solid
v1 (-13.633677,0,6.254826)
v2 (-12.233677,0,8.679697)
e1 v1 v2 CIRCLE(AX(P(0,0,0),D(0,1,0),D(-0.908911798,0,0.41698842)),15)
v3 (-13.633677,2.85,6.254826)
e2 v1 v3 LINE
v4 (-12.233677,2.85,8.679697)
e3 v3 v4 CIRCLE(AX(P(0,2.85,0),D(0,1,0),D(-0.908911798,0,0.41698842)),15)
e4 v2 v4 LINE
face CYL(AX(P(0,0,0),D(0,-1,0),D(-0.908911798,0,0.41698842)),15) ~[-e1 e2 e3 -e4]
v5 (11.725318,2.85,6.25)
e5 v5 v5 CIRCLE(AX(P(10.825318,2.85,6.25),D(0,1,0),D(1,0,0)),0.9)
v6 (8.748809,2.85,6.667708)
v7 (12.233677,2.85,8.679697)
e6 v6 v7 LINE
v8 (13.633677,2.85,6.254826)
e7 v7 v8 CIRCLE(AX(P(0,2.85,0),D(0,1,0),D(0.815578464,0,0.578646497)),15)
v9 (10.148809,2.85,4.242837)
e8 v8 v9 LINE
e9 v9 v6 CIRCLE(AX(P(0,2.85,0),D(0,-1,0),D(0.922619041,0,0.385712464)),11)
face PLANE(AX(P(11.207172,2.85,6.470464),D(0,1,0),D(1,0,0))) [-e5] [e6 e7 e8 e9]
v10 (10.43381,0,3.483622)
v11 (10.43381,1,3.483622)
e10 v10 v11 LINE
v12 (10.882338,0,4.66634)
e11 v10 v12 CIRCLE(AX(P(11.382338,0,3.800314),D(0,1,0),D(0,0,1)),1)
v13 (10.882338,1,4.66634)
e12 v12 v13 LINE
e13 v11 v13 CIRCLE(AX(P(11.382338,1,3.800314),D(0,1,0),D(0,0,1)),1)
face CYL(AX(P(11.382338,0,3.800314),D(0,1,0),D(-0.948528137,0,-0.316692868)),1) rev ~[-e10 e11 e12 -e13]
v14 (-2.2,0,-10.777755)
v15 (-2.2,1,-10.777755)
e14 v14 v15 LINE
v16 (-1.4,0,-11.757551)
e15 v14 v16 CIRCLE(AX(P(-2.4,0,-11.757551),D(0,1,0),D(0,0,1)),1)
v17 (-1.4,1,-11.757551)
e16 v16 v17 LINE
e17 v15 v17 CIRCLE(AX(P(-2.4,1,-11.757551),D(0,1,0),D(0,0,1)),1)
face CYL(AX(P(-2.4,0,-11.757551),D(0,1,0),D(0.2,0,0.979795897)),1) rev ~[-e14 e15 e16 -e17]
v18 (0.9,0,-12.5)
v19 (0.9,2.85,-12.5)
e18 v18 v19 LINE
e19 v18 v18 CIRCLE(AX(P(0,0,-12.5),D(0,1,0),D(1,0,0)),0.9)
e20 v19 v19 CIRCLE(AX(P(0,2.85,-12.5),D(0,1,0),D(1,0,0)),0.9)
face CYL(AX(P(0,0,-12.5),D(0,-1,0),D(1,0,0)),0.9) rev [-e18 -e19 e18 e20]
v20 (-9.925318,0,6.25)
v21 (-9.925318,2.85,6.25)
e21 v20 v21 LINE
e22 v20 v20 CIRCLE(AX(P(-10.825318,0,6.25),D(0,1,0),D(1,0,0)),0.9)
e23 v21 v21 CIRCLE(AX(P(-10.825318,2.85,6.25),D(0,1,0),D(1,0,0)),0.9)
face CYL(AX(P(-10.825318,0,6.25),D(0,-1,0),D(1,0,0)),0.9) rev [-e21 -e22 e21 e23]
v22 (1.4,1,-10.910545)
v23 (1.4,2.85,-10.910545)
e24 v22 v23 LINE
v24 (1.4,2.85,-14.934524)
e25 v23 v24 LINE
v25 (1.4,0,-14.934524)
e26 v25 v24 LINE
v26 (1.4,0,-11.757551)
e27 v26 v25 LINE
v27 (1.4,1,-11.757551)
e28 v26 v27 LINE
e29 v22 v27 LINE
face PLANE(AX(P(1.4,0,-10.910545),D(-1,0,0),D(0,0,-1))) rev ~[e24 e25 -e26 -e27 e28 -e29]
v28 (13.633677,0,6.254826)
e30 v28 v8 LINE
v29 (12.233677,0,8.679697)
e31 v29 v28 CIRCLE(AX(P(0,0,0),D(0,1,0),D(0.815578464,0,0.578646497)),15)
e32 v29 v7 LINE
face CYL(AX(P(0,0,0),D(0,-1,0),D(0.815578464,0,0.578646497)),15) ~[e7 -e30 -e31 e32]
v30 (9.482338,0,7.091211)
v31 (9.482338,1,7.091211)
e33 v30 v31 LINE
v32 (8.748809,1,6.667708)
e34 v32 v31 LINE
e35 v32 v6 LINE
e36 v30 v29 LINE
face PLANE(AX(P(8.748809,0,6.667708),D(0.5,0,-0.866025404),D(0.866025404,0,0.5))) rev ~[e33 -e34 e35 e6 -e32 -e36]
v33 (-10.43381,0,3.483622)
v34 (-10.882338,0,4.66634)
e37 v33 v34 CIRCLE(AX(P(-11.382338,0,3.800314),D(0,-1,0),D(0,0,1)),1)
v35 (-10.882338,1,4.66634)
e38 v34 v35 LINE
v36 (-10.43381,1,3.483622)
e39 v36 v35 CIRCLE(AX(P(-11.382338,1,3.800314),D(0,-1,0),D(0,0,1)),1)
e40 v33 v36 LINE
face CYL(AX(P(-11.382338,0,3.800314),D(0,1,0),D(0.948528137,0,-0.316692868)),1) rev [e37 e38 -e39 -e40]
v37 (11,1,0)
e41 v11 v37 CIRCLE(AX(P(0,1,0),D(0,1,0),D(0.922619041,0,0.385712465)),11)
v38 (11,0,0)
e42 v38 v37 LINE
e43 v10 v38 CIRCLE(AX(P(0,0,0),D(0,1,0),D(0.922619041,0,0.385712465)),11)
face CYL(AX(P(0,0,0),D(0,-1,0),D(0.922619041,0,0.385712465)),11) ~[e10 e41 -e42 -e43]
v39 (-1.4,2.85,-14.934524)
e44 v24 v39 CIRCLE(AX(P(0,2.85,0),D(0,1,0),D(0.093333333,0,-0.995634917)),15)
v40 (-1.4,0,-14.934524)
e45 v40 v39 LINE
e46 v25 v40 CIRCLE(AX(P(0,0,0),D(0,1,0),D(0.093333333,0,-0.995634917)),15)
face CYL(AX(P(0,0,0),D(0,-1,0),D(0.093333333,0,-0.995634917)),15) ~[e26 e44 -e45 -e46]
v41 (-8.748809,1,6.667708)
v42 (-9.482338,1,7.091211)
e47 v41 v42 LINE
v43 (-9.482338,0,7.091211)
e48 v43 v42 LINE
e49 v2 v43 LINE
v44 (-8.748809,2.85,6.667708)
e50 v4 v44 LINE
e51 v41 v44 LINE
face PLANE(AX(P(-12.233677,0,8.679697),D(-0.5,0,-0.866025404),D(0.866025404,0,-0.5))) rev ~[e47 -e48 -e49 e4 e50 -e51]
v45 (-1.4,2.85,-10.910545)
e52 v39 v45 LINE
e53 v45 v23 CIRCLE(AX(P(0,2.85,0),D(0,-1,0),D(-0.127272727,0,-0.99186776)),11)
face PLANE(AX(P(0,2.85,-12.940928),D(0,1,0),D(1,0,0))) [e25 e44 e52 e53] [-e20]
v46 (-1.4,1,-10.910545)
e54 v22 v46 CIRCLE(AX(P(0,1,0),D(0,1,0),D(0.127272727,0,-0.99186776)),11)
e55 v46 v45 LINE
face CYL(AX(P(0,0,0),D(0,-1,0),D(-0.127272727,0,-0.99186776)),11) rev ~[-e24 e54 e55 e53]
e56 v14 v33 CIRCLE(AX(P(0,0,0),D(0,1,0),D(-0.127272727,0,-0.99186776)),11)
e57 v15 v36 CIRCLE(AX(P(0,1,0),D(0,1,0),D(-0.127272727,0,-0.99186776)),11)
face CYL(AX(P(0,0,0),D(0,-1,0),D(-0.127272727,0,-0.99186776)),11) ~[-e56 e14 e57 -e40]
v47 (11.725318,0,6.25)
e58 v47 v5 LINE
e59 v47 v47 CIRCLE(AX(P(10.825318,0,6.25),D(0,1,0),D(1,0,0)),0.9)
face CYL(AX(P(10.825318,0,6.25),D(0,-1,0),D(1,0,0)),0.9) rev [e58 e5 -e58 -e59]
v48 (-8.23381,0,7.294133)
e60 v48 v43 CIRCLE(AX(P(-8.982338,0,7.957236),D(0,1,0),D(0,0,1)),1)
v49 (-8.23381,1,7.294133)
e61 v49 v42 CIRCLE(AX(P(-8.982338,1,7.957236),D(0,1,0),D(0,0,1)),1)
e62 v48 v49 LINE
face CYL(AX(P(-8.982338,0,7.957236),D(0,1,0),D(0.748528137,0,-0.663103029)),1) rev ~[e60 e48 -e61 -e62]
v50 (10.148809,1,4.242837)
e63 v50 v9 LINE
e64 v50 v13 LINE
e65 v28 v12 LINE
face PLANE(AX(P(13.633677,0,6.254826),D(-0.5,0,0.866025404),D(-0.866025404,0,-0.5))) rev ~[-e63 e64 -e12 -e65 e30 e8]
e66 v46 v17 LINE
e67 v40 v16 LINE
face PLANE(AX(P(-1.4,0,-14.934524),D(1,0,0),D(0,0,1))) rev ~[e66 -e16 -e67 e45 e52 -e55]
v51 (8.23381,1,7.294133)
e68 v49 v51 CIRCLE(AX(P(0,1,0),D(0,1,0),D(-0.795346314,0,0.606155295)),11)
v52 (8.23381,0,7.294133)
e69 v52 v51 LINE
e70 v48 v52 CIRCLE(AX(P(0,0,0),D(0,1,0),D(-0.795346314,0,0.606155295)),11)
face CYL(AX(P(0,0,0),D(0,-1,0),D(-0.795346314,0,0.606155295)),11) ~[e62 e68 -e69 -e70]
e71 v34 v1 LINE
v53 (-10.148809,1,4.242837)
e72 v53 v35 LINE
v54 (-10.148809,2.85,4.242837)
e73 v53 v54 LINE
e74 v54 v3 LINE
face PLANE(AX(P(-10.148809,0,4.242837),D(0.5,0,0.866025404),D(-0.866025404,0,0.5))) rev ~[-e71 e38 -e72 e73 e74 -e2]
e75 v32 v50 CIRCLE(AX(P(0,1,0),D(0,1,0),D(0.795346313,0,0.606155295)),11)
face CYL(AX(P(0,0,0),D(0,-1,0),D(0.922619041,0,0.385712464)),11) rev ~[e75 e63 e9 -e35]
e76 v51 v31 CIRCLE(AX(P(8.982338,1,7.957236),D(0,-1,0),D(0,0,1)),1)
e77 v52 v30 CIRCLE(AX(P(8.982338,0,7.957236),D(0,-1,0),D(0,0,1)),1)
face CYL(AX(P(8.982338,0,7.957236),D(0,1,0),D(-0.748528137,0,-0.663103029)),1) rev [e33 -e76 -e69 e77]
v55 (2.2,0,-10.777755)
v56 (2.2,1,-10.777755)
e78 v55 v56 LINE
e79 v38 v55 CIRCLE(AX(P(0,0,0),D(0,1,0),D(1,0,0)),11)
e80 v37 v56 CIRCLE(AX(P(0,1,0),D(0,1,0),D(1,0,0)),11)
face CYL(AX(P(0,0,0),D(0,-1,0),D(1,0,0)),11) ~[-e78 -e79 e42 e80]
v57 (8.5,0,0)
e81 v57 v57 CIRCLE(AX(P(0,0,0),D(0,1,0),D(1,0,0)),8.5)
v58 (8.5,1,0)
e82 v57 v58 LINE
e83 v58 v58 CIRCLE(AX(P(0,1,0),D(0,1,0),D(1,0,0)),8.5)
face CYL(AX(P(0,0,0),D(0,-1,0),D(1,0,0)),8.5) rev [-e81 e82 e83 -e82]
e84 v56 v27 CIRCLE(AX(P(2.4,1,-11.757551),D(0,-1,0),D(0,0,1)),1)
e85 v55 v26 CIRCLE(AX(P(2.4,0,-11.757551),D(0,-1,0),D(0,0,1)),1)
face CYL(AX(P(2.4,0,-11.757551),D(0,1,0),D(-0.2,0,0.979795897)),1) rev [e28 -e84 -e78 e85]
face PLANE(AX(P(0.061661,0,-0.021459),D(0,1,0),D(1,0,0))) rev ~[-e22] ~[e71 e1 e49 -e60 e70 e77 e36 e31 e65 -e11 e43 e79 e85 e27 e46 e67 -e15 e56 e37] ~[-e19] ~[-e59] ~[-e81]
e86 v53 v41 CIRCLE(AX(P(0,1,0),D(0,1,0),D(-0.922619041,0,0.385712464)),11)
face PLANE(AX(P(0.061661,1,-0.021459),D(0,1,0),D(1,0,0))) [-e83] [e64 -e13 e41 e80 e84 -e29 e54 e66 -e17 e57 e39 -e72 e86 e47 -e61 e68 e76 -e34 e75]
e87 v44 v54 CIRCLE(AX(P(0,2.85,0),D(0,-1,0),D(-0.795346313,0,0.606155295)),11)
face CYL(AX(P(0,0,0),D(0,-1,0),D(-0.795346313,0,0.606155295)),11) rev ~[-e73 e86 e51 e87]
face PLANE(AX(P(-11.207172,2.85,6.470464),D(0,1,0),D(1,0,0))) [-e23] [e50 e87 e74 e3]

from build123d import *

# Parameters (mm, degrees)
SKETCH1_R             = 0.9
BOSS_EXTRUDE1_DEPTH   = 2.85
BOSS_EXTRUDE1_2_DEPTH = 2.85
BOSS_EXTRUDE1_3_DEPTH = 2.85
SKETCH1_3_R           = 8.5
BOSS_EXTRUDE2_DEPTH   = 1
FILLET1_R             = 1


with BuildPart() as part:
    # Sketch1 → Boss-Extrude1 (new body)
    with BuildSketch(Plane(origin=(0, 0, 0), x_dir=(1, 0, 0), z_dir=(0, 1, 0))):
        with BuildLine():
            ThreePointArc((-1.4, 10.910545358), (0, 11), (1.4, 10.910545358))
            Line((1.4, 10.910545358), (1.4, 14.934523762))
            ThreePointArc((1.4, 14.934523762), (0, 15), (-1.4, 14.934523762))
            Line((-1.4, 14.934523762), (-1.4, 10.910545358))
        make_face()
        with Locations((0, 12.5)):
            Circle(SKETCH1_R, mode=Mode.SUBTRACT)
    extrude(amount=BOSS_EXTRUDE1_DEPTH)



with BuildPart() as body_2:
    # Sketch1 → Boss-Extrude1 2 (new body)
    with BuildSketch(Plane(origin=(0, 0, 0), x_dir=(1, 0, 0), z_dir=(0, 1, 0))):
        with BuildLine():
            ThreePointArc((-8.748809449, -6.667708244), (-9.526279442, -5.5), (-10.148809449, -4.242837113))
            Line((-10.148809449, -4.242837113), (-13.633676971, -6.254826316))
            ThreePointArc((-13.633676971, -6.254826316), (-12.990381057, -7.5), (-12.233676971, -8.679697446))
            Line((-12.233676971, -8.679697446), (-8.748809449, -6.667708244))
        make_face()
        with Locations((-10.825317547, -6.25)):
            Circle(SKETCH1_R, mode=Mode.SUBTRACT)
    extrude(amount=BOSS_EXTRUDE1_2_DEPTH)


with BuildPart() as body_3:
    # Sketch1 → Boss-Extrude1 3 (new body)
    with BuildSketch(Plane(origin=(0, 0, 0), x_dir=(1, 0, 0), z_dir=(0, 1, 0))):
        with BuildLine():
            Line((13.633676971, -6.254826316), (10.148809449, -4.242837113))
            ThreePointArc((10.148809449, -4.242837113), (9.526279442, -5.5), (8.748809449, -6.667708244))
            Line((8.748809449, -6.667708244), (12.233676971, -8.679697446))
            ThreePointArc((12.233676971, -8.679697446), (12.990381057, -7.5), (13.633676971, -6.254826316))
        make_face()
        with Locations((10.825317547, -6.25)):
            Circle(SKETCH1_R, mode=Mode.SUBTRACT)
    extrude(amount=BOSS_EXTRUDE1_3_DEPTH)


with BuildPart() as part_1:
    add(part.part)

    add(body_2.part)  # Boss-Extrude2 merges body 2

    add(body_3.part)  # Boss-Extrude2 merges body 3
    # Sketch1<3> → Boss-Extrude2 (add)
    with BuildSketch(Plane(origin=(0, 0, 0), x_dir=(1, 0, 0), z_dir=(0, 1, 0))):
        with BuildLine():
            ThreePointArc((1.4, 10.910545358), (0, 11), (-1.4, 10.910545358))
            ThreePointArc((-1.4, 10.910545358), (-9.526279442, 5.5), (-10.148809449, -4.242837113))
            ThreePointArc((-10.148809449, -4.242837113), (-9.526279442, -5.5), (-8.748809449, -6.667708244))
            ThreePointArc((-8.748809449, -6.667708244), (0, -11), (8.748809449, -6.667708244))
            ThreePointArc((8.748809449, -6.667708244), (9.526279442, -5.5), (10.148809449, -4.242837113))
            ThreePointArc((10.148809449, -4.242837113), (10.785103243, -2.163688525), (11, 0))
            ThreePointArc((11, 0), (8.258329129, 7.26636085), (1.4, 10.910545358))
        make_face()
        Circle(SKETCH1_3_R, mode=Mode.SUBTRACT)
    extrude(amount=BOSS_EXTRUDE2_DEPTH)

    # Fillet1
    fillet1_edges = [part_1.edges().sort_by_distance(p)[0] for p in [
        (1.4, 0.5, -10.910545358),
        (10.148809449, 0.5, 4.242837113),
        (8.748809449, 0.5, 6.667708244),
        (-1.4, 0.5, -10.910545358),
        (-10.148809449, 0.5, 4.242837113),
        (-8.748809449, 0.5, 6.667708244),
    ]]
    fillet(fillet1_edges, radius=FILLET1_R)


solid = part_1.part
